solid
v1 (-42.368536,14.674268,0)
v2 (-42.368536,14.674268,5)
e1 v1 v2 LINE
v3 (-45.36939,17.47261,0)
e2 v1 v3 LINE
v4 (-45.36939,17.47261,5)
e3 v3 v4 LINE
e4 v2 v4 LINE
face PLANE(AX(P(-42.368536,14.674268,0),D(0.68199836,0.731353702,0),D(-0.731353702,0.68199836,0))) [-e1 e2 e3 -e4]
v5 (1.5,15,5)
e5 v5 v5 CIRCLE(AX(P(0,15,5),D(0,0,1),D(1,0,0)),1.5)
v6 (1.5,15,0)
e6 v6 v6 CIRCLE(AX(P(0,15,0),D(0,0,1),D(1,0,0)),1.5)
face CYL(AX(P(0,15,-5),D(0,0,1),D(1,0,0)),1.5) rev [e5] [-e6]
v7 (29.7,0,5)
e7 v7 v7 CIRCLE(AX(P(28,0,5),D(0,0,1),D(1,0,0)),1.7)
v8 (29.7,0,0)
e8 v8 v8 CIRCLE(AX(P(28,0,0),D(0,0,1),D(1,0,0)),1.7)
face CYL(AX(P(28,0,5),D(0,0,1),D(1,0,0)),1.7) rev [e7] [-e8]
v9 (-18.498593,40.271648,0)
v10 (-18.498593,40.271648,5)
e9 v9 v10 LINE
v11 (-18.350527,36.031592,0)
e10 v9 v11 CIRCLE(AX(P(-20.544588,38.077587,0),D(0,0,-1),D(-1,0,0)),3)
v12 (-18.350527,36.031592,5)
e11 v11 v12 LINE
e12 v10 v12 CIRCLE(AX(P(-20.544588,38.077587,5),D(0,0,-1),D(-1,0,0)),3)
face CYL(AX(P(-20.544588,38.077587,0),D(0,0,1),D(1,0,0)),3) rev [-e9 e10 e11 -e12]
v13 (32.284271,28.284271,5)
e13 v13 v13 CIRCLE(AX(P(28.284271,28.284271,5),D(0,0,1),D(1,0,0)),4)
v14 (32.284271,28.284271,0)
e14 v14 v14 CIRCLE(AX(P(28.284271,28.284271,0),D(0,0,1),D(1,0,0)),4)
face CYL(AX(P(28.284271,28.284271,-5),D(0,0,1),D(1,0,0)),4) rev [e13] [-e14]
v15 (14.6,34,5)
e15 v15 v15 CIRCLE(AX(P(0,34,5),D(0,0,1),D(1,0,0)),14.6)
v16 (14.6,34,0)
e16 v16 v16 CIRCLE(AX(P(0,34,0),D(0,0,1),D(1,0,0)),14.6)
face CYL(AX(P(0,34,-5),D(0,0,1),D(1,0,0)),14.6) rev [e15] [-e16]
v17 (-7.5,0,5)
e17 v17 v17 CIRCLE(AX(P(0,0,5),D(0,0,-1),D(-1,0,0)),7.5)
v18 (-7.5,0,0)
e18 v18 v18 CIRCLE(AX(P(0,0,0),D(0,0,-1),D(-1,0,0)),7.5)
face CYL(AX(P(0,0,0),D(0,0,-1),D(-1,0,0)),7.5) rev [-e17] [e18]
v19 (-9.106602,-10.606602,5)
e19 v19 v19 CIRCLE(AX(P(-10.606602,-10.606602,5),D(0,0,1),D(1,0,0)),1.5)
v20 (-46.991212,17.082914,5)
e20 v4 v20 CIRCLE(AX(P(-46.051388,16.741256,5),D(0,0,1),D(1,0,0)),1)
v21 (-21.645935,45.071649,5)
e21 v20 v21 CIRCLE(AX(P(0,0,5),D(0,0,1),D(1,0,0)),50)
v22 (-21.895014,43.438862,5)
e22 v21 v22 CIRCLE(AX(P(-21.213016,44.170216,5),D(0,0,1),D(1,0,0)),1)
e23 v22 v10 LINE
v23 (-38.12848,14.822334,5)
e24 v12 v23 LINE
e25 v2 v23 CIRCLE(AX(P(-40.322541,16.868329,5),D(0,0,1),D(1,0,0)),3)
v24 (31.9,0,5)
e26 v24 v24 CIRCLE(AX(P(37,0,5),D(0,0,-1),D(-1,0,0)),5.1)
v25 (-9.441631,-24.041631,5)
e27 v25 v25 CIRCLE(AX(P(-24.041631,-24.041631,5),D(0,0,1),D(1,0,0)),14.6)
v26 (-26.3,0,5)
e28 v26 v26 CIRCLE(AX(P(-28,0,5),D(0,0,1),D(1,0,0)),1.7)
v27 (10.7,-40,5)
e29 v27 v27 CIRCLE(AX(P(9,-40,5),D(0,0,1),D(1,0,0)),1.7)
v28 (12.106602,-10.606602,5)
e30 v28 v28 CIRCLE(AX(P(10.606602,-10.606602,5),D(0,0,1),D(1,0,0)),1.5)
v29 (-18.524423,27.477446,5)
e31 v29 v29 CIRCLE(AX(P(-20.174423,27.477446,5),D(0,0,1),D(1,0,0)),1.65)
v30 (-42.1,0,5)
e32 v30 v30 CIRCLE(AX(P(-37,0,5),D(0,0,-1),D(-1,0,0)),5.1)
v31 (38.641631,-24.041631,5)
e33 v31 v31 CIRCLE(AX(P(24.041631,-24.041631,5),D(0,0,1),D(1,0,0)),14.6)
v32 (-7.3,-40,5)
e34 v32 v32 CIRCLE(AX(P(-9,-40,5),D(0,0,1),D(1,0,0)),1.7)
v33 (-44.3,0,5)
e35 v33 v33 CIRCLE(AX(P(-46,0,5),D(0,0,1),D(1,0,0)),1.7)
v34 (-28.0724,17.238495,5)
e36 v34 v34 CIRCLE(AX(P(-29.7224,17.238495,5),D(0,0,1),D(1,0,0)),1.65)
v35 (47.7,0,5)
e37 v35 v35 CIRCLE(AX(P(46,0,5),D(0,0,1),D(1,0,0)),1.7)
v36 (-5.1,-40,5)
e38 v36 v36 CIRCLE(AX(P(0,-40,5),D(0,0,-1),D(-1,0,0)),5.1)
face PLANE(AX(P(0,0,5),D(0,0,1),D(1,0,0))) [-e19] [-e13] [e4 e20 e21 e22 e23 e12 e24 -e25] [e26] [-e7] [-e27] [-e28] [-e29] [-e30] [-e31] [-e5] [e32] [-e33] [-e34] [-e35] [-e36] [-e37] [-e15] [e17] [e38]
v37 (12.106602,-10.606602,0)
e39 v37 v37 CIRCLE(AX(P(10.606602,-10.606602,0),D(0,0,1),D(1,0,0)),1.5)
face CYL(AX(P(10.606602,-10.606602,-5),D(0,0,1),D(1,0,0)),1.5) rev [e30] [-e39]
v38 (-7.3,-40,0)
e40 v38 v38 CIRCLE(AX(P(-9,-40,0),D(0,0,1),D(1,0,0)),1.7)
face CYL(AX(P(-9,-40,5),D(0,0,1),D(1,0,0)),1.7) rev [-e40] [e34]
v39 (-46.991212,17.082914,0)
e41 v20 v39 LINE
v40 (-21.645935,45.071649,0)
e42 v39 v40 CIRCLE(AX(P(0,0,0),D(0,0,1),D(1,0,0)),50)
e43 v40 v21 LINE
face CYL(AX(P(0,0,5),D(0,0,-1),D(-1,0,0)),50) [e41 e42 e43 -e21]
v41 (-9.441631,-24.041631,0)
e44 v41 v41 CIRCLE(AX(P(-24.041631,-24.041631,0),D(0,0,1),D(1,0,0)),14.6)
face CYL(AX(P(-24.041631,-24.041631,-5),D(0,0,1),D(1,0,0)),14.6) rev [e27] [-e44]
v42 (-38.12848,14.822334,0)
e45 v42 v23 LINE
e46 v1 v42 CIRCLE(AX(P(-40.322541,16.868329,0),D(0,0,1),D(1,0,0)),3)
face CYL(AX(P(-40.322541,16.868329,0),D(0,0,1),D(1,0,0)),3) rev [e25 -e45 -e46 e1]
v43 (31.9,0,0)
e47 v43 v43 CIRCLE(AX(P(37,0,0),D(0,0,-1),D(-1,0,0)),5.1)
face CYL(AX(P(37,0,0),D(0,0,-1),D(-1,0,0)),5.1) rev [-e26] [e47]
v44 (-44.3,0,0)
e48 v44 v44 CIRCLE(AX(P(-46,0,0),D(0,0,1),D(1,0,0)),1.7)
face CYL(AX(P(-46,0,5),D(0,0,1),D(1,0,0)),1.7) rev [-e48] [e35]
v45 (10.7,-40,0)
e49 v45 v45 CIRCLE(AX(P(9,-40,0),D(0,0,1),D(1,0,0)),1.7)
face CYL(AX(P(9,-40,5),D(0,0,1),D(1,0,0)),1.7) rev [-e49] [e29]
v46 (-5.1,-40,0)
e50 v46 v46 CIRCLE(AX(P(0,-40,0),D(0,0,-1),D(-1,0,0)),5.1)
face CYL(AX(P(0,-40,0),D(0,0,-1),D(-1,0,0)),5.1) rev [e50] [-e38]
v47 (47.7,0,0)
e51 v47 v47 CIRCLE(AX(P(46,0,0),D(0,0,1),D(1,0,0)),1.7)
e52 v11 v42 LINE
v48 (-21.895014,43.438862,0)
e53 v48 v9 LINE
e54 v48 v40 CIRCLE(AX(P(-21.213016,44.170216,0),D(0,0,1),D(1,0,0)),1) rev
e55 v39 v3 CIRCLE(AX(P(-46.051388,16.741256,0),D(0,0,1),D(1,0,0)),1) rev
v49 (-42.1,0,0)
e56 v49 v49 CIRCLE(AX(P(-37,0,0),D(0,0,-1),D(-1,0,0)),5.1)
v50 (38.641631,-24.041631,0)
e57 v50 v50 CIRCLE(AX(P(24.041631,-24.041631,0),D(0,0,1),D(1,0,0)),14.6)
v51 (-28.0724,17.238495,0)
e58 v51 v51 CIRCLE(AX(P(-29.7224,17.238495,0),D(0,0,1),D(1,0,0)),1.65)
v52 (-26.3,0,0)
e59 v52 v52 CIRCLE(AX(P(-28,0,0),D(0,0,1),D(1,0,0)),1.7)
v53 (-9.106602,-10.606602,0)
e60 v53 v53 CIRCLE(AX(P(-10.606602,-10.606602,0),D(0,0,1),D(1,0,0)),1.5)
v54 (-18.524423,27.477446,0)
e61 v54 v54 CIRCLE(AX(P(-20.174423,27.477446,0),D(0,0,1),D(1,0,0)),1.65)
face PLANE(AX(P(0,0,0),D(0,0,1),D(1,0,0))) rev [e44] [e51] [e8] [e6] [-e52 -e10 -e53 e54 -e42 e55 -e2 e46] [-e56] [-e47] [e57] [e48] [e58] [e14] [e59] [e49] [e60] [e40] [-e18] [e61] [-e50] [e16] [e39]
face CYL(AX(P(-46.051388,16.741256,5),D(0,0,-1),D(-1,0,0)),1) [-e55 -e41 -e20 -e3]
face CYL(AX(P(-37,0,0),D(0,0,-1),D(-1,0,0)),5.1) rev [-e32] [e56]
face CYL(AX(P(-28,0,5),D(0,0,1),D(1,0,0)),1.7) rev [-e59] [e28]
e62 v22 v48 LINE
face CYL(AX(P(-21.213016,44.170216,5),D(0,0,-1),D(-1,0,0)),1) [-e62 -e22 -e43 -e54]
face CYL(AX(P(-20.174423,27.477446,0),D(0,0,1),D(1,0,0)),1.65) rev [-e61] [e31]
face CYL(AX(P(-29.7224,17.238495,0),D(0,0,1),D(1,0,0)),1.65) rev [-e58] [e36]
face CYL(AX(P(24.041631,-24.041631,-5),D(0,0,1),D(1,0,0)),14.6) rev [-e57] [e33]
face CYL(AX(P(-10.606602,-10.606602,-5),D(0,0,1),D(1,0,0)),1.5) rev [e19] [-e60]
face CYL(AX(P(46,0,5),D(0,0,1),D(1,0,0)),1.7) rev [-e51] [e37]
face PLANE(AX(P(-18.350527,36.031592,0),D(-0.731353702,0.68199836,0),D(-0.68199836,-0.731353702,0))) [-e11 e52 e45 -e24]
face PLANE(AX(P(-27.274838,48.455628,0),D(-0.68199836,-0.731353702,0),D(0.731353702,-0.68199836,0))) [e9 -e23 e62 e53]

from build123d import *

# Parameters (mm, degrees)
SKETCH1_R                    = 50
BOSS_EXTRUDE1_DEPTH          = 5
F_15_0_15_DIAMETER_HOLE1_D   = 15
F_10_2_10_2_DIAMETER_HOLE1_D = 10.2
M3_CLEARANCE_HOLE1_D         = 3.4
SKETCH9_R                    = 14.6
SKETCH9_R_2                  = 1.5
CUT_EXTRUDE1_DEPTH           = 10
SKETCH10_R                   = 1.65
CUT_EXTRUDE2_DEPTH           = 5
SKETCH11_R                   = 4
CUT_EXTRUDE3_DEPTH           = 10
FILLET1_R                    = 1


with BuildPart() as part:
    # Sketch1 → Boss-Extrude1 (new body)
    with BuildSketch(Plane.XY):
        Circle(SKETCH1_R)
    extrude(amount=BOSS_EXTRUDE1_DEPTH)

    # Ø15.0 (15) Diameter Hole1 (through all)
    with Locations(Plane(origin=(0, 0, 0), x_dir=(-1, 0, 0), z_dir=(0, 0, -1))):
        with Locations((0, 0)):
            Hole(F_15_0_15_DIAMETER_HOLE1_D / 2)

    # Ø10.2 (10.2) Diameter Hole1 (through all)
    with Locations(Plane(origin=(0, 0, 0), x_dir=(-1, 0, 0), z_dir=(0, 0, -1))):
        with Locations((37, 0), (-37, 0), (0, -40)):
            Hole(F_10_2_10_2_DIAMETER_HOLE1_D / 2)

    # M3 Clearance Hole1 (through all)
    with Locations(Plane.XY.offset(5)):
        with Locations((46, 0), (28, 0), (9, -40), (-9, -40), (-46, 0), (-28, 0)):
            Hole(M3_CLEARANCE_HOLE1_D / 2)

    # Sketch9 → Cut-Extrude1 (cut)
    with BuildSketch(Plane.XY.offset(5)):
        with Locations((24.04163056, -24.04163056)):
            Circle(SKETCH9_R)
        with Locations((10.606601718, -10.606601718)):
            Circle(SKETCH9_R_2)
        with Locations((-24.04163056, -24.04163056)):
            Circle(SKETCH9_R)
        with Locations((-10.606601718, -10.606601718)):
            Circle(SKETCH9_R_2)
        with Locations((0, 34)):
            Circle(SKETCH9_R)
        with Locations((0, 15)):
            Circle(SKETCH9_R_2)
    extrude(amount=-CUT_EXTRUDE1_DEPTH, mode=Mode.SUBTRACT)

    # Sketch10 → Cut-Extrude2 (cut)
    with BuildSketch(Plane.XY.offset(5)):
        with Locations((-20.17442319, 27.477446333)):
            Circle(SKETCH10_R)
        with Locations((-29.722400231, 17.23849451)):
            Circle(SKETCH10_R)
        with BuildLine():
            Line((-27.274837591, 48.455628221), (-18.498593172, 40.2716479))
            ThreePointArc((-18.498593172, 40.2716479), (-17.546415771, 38.182285285), (-18.350527147, 36.031591715))
            Line((-18.350527147, 36.031591715), (-38.128479589, 14.822334368))
            ThreePointArc((-38.128479589, 14.822334368), (-40.217842204, 13.870156967), (-42.368535774, 14.674268343))
            Line((-42.368535774, 14.674268343), (-51.144780194, 22.858248664))
            Line((-51.144780194, 22.858248664), (-27.274837591, 48.455628221))
        make_face()
    extrude(amount=-CUT_EXTRUDE2_DEPTH, mode=Mode.SUBTRACT)

    # Sketch11 → Cut-Extrude3 (cut)
    with BuildSketch(Plane.XY.offset(5)):
        with Locations((28.284271247, 28.284271247)):
            Circle(SKETCH11_R)
    extrude(amount=-CUT_EXTRUDE3_DEPTH, mode=Mode.SUBTRACT)

    # Fillet1
    fillet1_edges = [part.edges().sort_by_distance(p)[0] for p in [
        (-46.456878561, 18.486709669, 2.5),
        (-22.949421323, 44.422112297, 2.5),
    ]]
    fillet(fillet1_edges, radius=FILLET1_R)


solid = part.part
